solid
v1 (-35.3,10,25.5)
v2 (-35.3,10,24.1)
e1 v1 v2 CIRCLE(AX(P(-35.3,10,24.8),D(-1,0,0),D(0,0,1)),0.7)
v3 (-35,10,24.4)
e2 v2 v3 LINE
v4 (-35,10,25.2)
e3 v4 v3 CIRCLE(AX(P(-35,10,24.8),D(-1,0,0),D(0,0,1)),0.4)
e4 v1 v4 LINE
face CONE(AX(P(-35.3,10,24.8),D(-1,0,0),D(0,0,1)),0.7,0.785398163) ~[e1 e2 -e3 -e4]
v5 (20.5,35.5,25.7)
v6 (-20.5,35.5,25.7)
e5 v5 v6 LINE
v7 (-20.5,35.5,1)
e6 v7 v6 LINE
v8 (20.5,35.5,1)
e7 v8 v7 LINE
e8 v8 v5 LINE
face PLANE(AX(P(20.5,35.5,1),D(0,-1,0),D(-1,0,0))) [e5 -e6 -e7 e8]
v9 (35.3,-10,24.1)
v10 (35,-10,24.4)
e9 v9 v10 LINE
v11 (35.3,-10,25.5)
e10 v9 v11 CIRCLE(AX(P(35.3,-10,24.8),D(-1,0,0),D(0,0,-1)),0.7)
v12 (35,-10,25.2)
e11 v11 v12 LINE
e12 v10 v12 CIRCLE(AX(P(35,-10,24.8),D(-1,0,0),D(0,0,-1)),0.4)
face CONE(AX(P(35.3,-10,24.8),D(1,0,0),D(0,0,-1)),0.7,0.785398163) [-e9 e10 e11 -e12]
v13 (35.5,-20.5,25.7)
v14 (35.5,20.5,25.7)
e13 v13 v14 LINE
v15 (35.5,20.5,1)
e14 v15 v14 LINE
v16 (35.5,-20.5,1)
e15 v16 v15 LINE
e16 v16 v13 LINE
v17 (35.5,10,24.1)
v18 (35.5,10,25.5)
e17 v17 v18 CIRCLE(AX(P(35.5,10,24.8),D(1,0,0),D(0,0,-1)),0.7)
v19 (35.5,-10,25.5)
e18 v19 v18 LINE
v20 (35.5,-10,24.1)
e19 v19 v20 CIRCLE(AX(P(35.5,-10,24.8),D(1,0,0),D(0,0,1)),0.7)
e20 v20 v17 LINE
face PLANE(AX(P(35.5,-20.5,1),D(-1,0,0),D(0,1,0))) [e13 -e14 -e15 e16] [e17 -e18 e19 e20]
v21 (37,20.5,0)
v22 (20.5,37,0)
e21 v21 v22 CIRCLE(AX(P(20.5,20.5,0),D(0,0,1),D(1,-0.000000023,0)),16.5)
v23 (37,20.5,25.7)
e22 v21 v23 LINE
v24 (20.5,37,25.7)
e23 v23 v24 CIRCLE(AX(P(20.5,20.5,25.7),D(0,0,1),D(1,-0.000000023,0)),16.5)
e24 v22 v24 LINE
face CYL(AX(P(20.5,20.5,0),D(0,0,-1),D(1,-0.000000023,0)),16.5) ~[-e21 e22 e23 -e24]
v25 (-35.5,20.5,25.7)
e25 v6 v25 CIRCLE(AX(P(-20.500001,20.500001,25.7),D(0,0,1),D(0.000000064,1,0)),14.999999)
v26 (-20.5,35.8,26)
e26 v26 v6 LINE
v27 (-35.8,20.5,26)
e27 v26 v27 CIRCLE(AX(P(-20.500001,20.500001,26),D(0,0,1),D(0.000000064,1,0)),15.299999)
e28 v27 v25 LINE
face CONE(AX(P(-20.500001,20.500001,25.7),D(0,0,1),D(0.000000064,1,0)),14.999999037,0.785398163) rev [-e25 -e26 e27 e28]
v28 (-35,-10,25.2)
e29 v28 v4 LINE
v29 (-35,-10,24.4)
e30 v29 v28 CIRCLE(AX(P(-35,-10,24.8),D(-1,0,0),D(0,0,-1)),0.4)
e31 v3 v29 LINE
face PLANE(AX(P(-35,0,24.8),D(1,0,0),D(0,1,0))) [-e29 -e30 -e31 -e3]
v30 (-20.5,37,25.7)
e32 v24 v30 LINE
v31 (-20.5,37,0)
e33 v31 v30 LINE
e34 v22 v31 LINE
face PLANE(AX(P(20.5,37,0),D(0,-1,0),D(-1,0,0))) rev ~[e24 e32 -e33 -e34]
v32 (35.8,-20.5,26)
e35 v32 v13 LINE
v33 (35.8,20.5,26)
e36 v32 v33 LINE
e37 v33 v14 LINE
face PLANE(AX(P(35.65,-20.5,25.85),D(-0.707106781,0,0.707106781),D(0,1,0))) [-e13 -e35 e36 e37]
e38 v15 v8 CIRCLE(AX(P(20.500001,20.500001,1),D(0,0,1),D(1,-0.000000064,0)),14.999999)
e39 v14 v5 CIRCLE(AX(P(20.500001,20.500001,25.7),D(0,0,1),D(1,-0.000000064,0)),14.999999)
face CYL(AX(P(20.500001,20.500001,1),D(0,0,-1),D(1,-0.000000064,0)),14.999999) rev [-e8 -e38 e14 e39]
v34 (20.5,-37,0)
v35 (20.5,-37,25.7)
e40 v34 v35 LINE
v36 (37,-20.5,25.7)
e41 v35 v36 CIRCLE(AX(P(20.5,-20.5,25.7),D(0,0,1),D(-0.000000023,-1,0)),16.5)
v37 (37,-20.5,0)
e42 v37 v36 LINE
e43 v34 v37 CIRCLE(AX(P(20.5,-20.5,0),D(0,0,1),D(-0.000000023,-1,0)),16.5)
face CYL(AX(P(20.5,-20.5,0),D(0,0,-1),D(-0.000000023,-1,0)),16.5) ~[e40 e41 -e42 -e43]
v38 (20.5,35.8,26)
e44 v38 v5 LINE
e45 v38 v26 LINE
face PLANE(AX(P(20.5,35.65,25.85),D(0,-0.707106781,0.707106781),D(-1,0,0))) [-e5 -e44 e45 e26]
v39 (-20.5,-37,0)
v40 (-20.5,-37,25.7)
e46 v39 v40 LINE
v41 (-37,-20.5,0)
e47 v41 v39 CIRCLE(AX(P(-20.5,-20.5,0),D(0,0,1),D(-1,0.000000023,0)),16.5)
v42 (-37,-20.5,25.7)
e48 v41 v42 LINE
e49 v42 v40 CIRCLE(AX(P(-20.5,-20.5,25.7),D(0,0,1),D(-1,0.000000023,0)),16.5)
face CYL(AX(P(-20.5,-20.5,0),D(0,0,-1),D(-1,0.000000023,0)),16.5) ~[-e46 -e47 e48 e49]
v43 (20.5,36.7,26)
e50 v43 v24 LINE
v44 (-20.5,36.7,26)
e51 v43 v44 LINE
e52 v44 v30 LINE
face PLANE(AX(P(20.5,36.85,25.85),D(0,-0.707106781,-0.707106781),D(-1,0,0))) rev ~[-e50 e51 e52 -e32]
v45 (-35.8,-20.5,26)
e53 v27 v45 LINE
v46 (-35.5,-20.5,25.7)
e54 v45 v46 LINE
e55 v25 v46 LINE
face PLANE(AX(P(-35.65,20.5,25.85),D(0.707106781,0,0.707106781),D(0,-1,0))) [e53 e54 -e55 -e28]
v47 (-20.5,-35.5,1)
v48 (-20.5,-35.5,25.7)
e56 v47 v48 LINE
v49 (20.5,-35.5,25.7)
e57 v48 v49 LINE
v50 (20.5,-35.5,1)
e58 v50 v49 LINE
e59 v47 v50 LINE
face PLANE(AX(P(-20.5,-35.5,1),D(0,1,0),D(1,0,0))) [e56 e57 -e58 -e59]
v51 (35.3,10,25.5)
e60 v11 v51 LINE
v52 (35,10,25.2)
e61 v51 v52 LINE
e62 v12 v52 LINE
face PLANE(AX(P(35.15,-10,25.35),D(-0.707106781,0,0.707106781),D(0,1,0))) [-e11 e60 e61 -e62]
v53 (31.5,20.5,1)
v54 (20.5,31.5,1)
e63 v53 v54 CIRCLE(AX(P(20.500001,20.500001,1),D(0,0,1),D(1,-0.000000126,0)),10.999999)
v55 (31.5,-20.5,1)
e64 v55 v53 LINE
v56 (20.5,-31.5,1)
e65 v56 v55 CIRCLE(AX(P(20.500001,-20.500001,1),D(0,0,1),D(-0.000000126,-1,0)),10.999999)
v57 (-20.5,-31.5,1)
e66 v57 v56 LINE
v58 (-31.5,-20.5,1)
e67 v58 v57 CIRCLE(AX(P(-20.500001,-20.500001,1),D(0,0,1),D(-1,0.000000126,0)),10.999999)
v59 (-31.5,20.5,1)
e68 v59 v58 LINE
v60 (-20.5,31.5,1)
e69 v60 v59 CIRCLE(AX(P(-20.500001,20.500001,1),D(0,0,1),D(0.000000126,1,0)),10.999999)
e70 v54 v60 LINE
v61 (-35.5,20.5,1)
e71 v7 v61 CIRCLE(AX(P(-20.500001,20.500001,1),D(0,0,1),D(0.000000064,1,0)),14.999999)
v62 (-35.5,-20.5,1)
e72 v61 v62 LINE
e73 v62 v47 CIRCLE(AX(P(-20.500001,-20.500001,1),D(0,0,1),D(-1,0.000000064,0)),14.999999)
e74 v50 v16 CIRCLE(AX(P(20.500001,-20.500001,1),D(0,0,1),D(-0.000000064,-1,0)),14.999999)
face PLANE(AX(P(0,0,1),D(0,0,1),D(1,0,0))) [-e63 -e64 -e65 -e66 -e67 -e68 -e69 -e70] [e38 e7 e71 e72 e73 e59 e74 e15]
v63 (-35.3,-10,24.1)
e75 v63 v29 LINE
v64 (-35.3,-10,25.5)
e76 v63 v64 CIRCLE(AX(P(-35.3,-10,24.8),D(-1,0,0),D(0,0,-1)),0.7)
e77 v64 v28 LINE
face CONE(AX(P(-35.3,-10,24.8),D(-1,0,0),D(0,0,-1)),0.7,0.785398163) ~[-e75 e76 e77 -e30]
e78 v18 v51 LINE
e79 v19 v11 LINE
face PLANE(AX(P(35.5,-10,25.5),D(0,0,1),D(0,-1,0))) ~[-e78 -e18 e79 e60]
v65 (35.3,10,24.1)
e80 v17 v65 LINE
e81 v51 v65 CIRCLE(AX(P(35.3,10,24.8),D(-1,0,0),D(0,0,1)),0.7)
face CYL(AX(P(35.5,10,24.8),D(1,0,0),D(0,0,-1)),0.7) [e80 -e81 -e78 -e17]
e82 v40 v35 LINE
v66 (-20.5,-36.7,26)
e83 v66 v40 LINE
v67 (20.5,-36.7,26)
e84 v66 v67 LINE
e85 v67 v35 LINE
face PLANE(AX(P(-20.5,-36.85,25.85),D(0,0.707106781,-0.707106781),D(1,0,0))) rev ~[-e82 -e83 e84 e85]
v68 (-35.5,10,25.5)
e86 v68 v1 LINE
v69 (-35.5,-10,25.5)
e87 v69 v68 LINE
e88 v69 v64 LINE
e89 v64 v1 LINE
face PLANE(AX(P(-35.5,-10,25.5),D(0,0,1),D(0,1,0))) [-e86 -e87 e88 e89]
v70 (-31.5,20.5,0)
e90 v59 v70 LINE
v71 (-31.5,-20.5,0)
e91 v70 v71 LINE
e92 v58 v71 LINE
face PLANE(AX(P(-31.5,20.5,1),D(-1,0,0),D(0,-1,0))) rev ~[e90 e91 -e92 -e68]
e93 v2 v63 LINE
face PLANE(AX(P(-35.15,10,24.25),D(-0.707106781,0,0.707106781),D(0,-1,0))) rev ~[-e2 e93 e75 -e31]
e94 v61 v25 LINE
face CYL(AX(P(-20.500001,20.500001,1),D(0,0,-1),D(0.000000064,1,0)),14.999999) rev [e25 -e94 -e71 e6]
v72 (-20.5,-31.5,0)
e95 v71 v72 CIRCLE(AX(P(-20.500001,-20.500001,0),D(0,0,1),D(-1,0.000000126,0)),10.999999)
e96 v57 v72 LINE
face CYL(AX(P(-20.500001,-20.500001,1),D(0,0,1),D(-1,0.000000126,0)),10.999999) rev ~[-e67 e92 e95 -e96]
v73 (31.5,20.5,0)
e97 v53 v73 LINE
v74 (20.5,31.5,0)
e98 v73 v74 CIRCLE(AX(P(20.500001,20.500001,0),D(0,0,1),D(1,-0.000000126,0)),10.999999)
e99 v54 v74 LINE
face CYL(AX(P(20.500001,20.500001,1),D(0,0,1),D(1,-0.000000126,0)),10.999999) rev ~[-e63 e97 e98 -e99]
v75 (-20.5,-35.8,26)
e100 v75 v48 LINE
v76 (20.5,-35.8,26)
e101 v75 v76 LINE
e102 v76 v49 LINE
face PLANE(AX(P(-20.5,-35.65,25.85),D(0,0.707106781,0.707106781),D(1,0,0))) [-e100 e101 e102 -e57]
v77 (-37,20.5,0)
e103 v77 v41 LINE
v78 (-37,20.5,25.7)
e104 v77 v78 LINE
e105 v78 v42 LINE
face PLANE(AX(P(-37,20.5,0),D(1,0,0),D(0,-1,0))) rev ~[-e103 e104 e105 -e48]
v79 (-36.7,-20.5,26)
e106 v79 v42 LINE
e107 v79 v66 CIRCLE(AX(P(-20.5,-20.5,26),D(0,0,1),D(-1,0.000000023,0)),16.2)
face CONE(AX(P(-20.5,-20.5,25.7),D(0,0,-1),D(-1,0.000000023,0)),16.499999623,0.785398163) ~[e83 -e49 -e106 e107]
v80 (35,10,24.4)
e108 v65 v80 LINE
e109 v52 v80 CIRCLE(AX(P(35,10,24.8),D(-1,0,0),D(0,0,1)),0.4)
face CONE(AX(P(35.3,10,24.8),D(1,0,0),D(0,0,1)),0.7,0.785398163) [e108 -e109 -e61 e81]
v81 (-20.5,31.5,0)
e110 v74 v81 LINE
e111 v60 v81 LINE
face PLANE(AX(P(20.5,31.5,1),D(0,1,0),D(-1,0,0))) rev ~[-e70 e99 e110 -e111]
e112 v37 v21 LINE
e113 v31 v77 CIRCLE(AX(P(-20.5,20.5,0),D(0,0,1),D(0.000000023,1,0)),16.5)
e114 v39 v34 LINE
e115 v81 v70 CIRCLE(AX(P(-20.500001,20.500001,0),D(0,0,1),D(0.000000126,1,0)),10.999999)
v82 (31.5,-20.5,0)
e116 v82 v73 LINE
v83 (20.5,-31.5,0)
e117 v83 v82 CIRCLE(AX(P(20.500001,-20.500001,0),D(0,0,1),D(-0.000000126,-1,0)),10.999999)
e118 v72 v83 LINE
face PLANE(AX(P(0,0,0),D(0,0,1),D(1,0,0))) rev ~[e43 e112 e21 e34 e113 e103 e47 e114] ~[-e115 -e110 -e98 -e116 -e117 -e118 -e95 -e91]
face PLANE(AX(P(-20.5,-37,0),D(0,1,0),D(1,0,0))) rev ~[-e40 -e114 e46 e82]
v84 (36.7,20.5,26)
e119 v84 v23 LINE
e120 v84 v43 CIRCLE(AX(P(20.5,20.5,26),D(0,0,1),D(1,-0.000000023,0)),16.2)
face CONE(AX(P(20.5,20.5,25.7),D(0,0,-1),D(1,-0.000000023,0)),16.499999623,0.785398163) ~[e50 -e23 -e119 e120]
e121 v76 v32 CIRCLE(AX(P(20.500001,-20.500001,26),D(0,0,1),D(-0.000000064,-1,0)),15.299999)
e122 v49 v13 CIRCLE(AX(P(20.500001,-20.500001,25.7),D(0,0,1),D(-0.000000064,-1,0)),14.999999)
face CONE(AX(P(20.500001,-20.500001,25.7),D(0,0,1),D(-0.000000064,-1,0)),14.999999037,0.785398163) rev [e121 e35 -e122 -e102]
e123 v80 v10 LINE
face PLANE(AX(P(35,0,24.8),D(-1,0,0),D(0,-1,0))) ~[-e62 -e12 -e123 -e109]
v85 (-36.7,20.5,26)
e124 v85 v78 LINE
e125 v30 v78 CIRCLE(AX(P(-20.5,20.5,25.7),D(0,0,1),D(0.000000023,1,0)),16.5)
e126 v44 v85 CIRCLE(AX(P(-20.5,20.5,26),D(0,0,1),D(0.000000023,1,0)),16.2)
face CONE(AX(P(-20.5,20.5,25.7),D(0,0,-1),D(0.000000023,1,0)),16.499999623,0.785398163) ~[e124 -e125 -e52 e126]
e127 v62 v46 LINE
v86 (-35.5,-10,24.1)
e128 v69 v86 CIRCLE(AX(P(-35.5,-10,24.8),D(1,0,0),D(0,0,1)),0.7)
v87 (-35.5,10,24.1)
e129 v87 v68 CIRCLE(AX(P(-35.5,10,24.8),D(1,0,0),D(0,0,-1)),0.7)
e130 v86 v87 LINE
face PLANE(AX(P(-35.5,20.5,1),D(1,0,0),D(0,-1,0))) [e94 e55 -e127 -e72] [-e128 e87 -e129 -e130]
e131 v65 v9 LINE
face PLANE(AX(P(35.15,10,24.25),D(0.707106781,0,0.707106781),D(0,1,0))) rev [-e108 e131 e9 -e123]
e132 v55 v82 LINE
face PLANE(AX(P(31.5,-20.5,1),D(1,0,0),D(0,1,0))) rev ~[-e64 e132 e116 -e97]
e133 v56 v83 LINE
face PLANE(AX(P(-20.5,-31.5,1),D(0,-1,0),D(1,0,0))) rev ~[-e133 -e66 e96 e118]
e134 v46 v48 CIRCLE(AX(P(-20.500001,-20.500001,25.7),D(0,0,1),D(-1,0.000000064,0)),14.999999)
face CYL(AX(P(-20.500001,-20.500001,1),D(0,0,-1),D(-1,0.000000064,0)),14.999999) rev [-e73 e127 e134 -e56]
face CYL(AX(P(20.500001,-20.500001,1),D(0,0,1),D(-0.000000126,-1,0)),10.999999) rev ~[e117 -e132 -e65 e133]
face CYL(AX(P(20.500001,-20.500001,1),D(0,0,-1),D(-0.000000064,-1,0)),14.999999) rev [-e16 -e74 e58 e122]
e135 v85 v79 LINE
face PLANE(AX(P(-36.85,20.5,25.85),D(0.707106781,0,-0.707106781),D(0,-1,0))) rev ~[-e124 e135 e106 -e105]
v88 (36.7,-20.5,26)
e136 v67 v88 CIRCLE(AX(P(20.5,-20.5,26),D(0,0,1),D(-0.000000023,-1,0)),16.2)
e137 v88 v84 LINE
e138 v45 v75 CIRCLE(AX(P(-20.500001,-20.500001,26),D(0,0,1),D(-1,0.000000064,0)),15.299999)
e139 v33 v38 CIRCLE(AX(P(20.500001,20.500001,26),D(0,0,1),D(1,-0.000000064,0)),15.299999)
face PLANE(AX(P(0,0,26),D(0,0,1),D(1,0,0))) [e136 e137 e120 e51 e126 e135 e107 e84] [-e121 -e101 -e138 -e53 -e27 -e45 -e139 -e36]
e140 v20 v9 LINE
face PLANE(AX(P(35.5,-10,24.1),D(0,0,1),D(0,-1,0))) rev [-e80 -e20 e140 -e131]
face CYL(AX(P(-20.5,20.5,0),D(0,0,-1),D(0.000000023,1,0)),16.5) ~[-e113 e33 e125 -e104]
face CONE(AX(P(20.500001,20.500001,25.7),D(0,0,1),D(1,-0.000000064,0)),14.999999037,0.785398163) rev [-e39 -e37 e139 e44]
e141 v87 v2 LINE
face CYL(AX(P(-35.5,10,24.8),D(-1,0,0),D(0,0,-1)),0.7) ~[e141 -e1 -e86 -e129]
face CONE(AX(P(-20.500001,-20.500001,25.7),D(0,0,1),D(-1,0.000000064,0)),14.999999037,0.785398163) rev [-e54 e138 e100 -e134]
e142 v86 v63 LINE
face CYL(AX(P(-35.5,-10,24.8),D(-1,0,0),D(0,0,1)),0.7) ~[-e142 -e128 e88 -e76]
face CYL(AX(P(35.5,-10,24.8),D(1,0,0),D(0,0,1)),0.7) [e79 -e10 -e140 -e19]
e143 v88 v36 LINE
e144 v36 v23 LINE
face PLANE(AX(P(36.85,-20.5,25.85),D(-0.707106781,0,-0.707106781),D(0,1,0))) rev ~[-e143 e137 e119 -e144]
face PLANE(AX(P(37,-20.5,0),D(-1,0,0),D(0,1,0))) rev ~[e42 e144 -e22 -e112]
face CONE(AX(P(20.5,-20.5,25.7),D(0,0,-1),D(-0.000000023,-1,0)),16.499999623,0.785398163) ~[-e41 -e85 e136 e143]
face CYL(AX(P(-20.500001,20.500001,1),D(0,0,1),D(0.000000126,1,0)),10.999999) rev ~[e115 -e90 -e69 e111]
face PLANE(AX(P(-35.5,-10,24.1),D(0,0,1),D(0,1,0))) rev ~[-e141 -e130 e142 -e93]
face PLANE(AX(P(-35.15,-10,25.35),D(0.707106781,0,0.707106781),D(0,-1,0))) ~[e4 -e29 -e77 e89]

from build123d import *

# Parameters (mm, degrees)
PAD_DEPTH       = 1
PAD001_DEPTH    = 26
POCKET_DEPTH    = 25
POCKET001_DEPTH = 1.001
PAD002_DEPTH    = 0.5
CHAMFER_SIZE    = 0.3
CHAMFER001_SIZE = 0.3
CHAMFER002_SIZE = 0.3
CHAMFER003_SIZE = 0.3


with BuildPart() as part:
    # Sketch → Pad (new body)
    with BuildSketch(Plane.XY):
        with BuildLine():
            Line((-35.5, 20.5), (-35.5, -20.5))
            ThreePointArc((-35.5, -20.5), (-31.106602, -31.106602), (-20.5, -35.5))
            Line((-20.5, -35.5), (20.5, -35.5))
            ThreePointArc((20.5, -35.5), (31.106602, -31.106602), (35.5, -20.5))
            Line((35.5, -20.5), (35.5, 20.5))
            ThreePointArc((35.5, 20.5), (31.106602, 31.106602), (20.5, 35.5))
            Line((20.5, 35.5), (-20.5, 35.5))
            ThreePointArc((-20.5, 35.5), (-31.106602, 31.106602), (-35.5, 20.5))
        make_face()
    extrude(amount=PAD_DEPTH)

    # Sketch001 → Pad001 (join)
    with BuildSketch(Plane.XY):
        with BuildLine():
            Line((-37, 20.5), (-37, -20.5))
            ThreePointArc((-37, -20.5), (-32.167262, -32.167262), (-20.5, -37))
            Line((-20.5, -37), (20.5, -37))
            ThreePointArc((20.5, -37), (32.167262, -32.167262), (37, -20.5))
            Line((37, -20.5), (37, 20.5))
            ThreePointArc((37, 20.5), (32.167262, 32.167262), (20.5, 37))
            Line((20.5, 37), (-20.5, 37))
            ThreePointArc((-20.5, 37), (-32.167262, 32.167262), (-37, 20.5))
        make_face()
    extrude(amount=PAD001_DEPTH)

    # Sketch002 → Pocket (cut)
    with BuildSketch(Plane.XY.offset(1)):
        with BuildLine():
            Line((-35.5, 20.5), (-35.5, -20.5))
            ThreePointArc((-35.5, -20.5), (-31.106602, -31.106602), (-20.5, -35.5))
            Line((-20.5, -35.5), (20.5, -35.5))
            ThreePointArc((20.5, -35.5), (31.106602, -31.106602), (35.5, -20.5))
            Line((35.5, -20.5), (35.5, 20.5))
            ThreePointArc((35.5, 20.5), (31.106602, 31.106602), (20.5, 35.5))
            Line((20.5, 35.5), (-20.5, 35.5))
            ThreePointArc((-20.5, 35.5), (-31.106602, 31.106602), (-35.5, 20.5))
        make_face()
    extrude(amount=POCKET_DEPTH, mode=Mode.SUBTRACT)

    # Sketch003 (on Face19 of Pocket) → Pocket001 (cut, through all)
    with BuildSketch(Plane.XY.offset(1)):
        with BuildLine():
            Line((-31.5, 20.5), (-31.5, -20.5))
            ThreePointArc((-31.5, -20.5), (-28.278175, -28.278175), (-20.5, -31.5))
            Line((-20.5, -31.5), (20.5, -31.5))
            ThreePointArc((20.5, -31.5), (28.278175, -28.278175), (31.5, -20.5))
            Line((31.5, -20.5), (31.5, 20.5))
            ThreePointArc((31.5, 20.5), (28.278175, 28.278175), (20.5, 31.5))
            Line((20.5, 31.5), (-20.5, 31.5))
            ThreePointArc((-20.5, 31.5), (-28.278175, 28.278175), (-31.5, 20.5))
        make_face()
    extrude(amount=-POCKET001_DEPTH, mode=Mode.SUBTRACT)

    # Sketch004 (on Face19 of Pocket001) → Pad002 (join)
    with BuildSketch(Plane.YZ.offset(-35.5)):
        with BuildLine():
            ThreePointArc((-10, 25.5), (-10.7, 24.8), (-10, 24.1))
            Line((-10, 24.1), (10, 24.1))
            ThreePointArc((10, 24.1), (10.7, 24.8), (10, 25.5))
            Line((-10, 25.5), (10, 25.5))
        make_face()
    pad002 = extrude(amount=PAD002_DEPTH)

    # Mirrored: Pad002 across YZ
    add(pad002.mirror(Plane.YZ))

    # Chamfer
    chamfer_edges = [part.edges().sort_by_distance(p)[0] for p in [
        (-35, 0, 25.5),
    ]]
    chamfer(chamfer_edges, length=CHAMFER_SIZE)

    # Chamfer001
    chamfer001_edges = [part.edges().sort_by_distance(p)[0] for p in [
        (35, 0, 25.5),
    ]]
    chamfer(chamfer001_edges, length=CHAMFER001_SIZE)

    # Chamfer002
    chamfer002_edges = [part.edges().sort_by_distance(p)[0] for p in [
        (0, -35.5, 26),
    ]]
    chamfer(chamfer002_edges, length=CHAMFER002_SIZE)

    # Chamfer003
    chamfer003_edges = [part.edges().sort_by_distance(p)[0] for p in [
        (37, 0, 26),
    ]]
    chamfer(chamfer003_edges, length=CHAMFER003_SIZE)


solid = part.part
